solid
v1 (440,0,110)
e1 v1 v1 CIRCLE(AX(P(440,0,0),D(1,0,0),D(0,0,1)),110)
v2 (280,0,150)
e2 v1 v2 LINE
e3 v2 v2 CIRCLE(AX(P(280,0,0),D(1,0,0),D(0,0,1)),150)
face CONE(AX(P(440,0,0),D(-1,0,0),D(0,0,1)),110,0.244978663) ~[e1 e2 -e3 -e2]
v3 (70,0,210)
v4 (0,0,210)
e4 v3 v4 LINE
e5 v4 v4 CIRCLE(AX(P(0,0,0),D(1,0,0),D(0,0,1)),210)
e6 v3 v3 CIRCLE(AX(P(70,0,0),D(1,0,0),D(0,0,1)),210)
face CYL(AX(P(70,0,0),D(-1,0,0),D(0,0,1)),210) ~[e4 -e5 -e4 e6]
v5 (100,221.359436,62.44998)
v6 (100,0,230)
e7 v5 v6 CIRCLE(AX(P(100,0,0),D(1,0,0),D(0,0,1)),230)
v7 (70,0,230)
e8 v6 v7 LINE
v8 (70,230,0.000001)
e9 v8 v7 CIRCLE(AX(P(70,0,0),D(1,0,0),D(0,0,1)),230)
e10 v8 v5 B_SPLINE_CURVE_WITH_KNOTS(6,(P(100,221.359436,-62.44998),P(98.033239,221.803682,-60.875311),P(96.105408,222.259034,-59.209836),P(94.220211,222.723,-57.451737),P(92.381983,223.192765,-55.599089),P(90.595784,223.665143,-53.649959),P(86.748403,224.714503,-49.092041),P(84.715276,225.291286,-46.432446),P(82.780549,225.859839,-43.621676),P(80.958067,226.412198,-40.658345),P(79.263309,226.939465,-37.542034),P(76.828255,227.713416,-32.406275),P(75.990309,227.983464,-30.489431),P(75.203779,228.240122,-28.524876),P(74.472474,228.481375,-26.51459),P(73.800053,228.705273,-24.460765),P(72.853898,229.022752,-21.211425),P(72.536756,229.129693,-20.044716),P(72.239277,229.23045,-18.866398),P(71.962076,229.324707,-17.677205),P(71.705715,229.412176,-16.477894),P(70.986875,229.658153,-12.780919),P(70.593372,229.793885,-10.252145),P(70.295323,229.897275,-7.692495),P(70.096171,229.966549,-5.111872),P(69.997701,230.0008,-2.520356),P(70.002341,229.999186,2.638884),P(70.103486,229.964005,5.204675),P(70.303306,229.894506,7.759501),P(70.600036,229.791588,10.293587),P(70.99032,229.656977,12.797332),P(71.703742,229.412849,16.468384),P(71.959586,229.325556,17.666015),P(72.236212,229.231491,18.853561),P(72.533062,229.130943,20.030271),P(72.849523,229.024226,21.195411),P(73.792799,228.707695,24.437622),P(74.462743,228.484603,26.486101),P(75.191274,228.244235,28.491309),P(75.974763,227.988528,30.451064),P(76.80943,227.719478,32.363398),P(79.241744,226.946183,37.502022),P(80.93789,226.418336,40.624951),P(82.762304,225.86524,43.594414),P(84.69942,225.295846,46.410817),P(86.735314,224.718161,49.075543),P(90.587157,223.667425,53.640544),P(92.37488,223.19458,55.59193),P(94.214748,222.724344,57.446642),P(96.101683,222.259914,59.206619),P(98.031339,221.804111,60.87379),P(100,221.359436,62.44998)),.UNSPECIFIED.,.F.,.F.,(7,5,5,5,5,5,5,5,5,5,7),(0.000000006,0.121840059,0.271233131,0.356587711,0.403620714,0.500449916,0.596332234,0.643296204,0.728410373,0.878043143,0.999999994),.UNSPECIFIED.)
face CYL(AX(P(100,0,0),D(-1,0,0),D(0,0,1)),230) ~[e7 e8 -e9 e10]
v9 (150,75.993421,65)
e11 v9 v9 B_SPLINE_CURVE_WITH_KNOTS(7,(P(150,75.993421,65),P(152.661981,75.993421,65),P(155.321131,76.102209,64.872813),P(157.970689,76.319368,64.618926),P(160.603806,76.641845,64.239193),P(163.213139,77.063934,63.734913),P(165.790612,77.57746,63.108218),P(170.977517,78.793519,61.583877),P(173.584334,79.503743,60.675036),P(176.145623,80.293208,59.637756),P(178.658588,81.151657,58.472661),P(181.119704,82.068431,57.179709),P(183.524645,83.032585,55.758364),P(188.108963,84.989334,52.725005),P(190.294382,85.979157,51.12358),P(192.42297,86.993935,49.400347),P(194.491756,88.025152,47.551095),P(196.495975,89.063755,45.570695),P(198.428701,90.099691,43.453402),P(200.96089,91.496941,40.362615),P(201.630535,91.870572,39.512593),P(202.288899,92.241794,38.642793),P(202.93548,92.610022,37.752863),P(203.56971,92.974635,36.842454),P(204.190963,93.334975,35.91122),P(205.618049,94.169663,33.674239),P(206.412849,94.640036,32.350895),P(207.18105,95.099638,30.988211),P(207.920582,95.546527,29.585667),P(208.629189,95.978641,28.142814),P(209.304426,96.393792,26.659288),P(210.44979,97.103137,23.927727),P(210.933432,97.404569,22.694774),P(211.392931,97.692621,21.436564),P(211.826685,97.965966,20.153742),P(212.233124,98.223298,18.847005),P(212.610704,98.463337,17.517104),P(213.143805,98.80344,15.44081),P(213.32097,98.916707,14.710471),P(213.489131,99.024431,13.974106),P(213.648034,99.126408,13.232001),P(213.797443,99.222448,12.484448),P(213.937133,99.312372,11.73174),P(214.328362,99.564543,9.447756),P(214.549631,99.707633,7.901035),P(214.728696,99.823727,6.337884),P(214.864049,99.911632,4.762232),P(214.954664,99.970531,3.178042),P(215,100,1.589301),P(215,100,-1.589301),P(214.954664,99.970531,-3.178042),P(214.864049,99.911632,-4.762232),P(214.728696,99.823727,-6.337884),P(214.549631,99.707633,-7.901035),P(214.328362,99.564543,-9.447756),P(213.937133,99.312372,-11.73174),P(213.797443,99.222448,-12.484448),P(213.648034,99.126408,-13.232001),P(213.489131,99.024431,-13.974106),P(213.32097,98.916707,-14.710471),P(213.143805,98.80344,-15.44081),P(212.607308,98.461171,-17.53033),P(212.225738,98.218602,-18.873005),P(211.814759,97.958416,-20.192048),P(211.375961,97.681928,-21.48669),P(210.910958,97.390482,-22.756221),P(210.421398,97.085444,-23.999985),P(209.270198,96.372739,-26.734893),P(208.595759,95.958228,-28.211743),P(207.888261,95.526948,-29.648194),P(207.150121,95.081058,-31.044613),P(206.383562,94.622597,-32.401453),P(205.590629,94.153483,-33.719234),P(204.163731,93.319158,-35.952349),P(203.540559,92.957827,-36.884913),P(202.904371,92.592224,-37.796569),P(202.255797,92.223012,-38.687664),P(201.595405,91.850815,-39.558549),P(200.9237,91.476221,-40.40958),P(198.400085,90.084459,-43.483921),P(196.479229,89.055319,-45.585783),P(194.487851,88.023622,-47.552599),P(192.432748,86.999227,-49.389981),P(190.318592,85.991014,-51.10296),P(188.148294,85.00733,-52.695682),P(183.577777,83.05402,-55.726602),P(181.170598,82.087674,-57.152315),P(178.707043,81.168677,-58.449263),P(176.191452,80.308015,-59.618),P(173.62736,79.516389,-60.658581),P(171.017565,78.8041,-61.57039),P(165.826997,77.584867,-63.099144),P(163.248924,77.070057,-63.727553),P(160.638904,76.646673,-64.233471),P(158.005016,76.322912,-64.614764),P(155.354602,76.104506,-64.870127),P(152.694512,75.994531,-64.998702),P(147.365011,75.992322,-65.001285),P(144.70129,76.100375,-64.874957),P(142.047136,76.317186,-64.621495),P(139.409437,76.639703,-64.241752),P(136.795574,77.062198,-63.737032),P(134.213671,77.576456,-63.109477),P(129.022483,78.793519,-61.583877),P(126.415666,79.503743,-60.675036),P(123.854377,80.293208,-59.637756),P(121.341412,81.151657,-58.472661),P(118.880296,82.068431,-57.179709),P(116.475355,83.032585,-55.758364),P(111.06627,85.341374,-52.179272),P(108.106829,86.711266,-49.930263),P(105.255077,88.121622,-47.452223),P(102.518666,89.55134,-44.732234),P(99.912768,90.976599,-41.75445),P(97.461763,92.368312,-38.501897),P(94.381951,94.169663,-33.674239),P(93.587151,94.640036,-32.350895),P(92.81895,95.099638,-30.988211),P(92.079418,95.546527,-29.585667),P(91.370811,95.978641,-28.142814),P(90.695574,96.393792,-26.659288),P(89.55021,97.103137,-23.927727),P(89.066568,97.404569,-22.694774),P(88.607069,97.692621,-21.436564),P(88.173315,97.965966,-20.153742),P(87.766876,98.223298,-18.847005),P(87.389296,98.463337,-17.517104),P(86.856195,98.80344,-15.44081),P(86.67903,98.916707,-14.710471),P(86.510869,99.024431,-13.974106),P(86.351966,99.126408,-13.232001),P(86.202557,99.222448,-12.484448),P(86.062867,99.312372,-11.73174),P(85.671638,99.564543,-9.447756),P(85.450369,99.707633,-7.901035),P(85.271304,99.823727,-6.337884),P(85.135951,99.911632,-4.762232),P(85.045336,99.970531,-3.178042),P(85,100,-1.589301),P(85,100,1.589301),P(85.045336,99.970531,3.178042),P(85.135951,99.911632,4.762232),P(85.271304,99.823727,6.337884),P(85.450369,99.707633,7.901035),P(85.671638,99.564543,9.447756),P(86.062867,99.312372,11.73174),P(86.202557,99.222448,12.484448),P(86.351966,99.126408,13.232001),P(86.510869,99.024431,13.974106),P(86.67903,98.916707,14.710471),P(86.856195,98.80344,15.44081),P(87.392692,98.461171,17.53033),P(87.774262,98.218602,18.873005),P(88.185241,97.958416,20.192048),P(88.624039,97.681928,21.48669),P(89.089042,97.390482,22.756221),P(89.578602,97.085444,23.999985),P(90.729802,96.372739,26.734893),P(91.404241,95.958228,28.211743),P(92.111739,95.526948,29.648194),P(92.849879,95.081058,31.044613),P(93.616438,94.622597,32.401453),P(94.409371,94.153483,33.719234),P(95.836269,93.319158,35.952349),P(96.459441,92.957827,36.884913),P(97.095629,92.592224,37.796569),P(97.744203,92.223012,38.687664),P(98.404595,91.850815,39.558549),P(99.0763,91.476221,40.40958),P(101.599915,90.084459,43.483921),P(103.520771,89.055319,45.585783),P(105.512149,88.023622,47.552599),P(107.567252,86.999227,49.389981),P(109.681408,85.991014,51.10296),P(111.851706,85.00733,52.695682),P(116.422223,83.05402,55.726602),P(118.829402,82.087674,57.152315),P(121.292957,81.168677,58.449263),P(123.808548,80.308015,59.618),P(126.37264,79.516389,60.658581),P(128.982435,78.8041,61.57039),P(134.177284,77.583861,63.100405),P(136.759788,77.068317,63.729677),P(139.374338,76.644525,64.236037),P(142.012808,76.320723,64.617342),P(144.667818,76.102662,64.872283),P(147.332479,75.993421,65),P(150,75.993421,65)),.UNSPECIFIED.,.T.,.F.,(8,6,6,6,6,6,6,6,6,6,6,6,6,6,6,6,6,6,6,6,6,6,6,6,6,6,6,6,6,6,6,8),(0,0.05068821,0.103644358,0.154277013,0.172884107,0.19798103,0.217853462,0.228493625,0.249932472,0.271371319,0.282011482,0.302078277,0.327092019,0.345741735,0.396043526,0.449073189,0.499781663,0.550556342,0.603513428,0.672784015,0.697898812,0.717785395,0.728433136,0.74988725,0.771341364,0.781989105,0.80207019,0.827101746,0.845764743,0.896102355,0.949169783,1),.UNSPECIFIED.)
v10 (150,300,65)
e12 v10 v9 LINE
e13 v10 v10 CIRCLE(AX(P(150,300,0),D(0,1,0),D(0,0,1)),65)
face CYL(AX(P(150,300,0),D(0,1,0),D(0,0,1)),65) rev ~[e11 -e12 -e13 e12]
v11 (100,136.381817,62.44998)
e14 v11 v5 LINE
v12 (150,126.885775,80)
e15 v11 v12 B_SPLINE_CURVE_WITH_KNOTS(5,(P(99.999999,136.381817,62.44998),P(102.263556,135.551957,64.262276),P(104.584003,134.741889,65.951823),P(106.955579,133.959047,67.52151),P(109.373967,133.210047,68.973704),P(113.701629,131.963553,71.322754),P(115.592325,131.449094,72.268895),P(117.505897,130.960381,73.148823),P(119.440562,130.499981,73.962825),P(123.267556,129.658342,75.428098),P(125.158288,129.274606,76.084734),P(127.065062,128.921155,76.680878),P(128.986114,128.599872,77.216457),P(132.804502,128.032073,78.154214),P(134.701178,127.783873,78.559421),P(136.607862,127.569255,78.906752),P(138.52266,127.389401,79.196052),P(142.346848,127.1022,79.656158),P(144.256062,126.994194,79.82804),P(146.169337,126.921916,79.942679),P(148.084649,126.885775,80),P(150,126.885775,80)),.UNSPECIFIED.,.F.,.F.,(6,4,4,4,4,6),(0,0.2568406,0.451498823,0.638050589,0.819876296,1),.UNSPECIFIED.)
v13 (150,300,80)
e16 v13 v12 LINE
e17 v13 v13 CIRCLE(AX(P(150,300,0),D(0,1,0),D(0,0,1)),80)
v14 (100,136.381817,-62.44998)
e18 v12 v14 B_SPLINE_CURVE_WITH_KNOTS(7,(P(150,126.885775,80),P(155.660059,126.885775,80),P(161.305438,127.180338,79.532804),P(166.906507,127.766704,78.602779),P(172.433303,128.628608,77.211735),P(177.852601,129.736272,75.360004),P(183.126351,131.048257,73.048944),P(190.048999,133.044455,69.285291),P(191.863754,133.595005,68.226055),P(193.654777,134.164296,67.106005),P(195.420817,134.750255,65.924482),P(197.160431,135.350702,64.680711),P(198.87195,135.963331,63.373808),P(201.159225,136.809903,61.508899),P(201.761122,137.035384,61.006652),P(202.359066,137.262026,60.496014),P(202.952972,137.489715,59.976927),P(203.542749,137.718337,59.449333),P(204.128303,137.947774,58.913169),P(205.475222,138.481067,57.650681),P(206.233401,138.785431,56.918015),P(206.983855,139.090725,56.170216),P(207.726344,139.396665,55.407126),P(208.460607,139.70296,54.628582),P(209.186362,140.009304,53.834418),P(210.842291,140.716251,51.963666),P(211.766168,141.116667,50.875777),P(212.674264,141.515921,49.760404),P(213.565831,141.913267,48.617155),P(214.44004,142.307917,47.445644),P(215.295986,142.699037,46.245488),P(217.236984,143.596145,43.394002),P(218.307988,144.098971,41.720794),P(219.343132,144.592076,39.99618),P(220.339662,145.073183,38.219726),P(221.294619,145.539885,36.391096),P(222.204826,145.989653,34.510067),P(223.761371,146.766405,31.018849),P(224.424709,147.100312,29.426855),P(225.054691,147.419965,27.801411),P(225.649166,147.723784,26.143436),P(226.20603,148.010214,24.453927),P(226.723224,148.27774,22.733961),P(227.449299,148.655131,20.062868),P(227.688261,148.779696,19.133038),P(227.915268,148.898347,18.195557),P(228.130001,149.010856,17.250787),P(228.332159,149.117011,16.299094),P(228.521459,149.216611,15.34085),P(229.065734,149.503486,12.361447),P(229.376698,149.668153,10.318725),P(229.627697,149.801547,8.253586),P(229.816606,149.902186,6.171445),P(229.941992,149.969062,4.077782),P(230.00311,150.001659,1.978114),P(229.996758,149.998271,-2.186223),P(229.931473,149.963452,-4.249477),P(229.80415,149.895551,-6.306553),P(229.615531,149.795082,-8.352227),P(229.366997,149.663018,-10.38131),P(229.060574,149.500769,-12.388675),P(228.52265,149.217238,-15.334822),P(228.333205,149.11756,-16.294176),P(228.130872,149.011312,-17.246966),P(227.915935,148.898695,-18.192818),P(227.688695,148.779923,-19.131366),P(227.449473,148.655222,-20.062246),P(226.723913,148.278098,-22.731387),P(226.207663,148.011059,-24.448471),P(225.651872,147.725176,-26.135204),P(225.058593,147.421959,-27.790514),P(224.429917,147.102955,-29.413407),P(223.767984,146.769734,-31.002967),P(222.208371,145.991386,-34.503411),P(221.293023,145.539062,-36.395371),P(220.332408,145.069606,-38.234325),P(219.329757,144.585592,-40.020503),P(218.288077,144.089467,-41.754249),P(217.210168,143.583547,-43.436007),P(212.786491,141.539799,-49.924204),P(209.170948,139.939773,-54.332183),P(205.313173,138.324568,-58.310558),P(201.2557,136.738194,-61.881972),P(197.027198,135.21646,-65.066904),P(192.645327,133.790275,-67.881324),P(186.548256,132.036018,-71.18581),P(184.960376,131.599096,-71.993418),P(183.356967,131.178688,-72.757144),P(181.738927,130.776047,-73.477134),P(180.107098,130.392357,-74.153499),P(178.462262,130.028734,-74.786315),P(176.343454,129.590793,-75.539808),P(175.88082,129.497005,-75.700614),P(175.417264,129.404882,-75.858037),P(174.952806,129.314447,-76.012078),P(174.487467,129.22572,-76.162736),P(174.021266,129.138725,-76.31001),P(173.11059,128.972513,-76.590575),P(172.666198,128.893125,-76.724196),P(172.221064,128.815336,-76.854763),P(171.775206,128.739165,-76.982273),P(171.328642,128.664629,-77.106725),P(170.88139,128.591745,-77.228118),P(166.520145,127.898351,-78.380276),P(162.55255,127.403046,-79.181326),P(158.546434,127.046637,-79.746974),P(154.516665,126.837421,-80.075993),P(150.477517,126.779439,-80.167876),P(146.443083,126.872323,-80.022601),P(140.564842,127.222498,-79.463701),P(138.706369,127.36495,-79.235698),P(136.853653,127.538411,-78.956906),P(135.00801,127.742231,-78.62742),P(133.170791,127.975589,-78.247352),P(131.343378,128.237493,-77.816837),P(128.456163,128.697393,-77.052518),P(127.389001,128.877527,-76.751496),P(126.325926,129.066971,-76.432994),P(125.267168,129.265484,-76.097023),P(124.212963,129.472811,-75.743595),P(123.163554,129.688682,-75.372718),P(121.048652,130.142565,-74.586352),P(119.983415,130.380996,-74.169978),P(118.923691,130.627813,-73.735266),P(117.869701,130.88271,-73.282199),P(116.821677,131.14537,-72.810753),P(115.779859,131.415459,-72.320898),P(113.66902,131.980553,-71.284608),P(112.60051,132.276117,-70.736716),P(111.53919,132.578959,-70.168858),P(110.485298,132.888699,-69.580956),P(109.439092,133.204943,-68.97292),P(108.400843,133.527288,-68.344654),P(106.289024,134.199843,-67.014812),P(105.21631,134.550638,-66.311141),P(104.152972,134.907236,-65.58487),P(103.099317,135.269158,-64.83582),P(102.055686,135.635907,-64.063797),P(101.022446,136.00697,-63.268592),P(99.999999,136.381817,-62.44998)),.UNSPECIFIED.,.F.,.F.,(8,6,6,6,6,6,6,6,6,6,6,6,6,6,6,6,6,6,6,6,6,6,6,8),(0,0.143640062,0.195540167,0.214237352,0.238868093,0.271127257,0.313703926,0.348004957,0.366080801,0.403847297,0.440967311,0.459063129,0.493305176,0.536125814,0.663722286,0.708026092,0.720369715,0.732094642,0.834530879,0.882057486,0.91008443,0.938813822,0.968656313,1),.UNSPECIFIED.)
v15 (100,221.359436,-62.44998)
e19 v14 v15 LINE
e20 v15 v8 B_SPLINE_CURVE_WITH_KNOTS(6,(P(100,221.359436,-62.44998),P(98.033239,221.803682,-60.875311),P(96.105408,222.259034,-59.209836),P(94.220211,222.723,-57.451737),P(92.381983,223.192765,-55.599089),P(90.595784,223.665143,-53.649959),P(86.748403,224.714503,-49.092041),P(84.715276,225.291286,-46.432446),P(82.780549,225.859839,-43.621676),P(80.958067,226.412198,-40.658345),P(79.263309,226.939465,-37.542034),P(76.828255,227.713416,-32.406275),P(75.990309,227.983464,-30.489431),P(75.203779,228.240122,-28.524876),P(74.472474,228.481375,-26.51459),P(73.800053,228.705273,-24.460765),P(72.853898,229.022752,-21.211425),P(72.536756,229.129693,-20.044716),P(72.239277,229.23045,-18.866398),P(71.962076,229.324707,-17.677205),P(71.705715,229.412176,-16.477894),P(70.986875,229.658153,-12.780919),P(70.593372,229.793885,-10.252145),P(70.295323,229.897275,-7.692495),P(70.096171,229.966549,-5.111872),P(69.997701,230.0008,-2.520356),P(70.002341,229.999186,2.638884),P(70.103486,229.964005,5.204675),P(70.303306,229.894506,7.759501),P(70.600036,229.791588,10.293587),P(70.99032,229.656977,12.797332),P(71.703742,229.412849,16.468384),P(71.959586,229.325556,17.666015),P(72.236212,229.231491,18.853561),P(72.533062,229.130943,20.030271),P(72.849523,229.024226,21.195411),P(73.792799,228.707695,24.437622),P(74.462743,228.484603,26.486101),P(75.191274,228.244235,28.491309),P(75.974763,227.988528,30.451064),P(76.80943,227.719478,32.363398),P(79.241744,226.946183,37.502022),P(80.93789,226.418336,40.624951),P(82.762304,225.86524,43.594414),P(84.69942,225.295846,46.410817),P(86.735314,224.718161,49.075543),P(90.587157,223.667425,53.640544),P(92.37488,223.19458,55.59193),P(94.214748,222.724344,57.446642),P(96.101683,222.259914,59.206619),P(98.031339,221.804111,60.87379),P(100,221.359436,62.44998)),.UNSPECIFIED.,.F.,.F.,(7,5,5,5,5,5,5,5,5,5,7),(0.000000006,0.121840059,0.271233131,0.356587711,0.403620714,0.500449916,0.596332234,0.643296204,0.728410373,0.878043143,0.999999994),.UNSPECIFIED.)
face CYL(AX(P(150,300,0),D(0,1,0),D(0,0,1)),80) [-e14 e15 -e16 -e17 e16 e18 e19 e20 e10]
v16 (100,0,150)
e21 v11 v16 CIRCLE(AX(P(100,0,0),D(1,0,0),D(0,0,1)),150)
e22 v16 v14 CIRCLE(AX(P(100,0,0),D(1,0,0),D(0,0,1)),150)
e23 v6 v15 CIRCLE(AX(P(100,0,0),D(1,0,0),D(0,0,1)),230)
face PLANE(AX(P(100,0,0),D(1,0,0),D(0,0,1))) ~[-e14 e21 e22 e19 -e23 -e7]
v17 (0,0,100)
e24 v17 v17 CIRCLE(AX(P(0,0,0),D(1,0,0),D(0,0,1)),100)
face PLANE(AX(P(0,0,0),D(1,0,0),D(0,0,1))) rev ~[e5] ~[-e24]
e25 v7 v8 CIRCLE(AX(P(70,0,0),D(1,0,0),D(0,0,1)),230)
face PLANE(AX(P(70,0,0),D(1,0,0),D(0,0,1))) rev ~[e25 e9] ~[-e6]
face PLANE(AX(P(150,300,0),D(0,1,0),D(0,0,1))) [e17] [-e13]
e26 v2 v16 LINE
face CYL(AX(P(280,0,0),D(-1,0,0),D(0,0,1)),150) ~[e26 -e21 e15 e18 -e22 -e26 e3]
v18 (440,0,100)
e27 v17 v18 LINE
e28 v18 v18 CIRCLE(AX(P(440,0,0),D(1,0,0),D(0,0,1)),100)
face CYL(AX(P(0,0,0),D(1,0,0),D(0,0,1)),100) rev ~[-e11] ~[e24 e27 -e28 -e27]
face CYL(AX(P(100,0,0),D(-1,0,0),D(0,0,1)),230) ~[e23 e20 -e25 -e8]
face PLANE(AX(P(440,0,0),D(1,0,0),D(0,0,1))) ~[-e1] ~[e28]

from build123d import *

# Parameters (mm, degrees)
BOSS_EXTRU_1_REACH      = 728.223
ESQUISSE3_R             = 80
ESQUISSE4_R             = 65
ENL_V_MAT_EXTRU_1_DEPTH = 280


with BuildPart() as part:
    # Esquisse1 → Révolution1 (revolve)
    with BuildSketch(Plane.XY, mode=Mode.PRIVATE) as r_volution1_sk:
        Polygon((0, 100), (440, 100), (440, 110), (280, 150), (100, 150), (100, 230), (70, 230), (70, 210), (0, 210), align=None)
    revolve(r_volution1_sk.sketch.rotate(Axis((0, 0, 0), (1, 0, 0)), 90), axis=Axis((0, 0, 0), (1, 0, 0)))

    # Esquisse3 → Boss.-Extru.1 (add, up to next)
    with BuildSketch(Plane(origin=(0, 300, 0), x_dir=(1, 0, 0), z_dir=(0, 1, 0)), mode=Mode.PRIVATE) as boss_extru_1_sk1:
        with Locations(Location((150, 0, 0), (0, 0, 270))):
            Circle(ESQUISSE3_R)
    boss_extru_1_tool1 = extrude(boss_extru_1_sk1.sketch, amount=-BOSS_EXTRU_1_REACH, mode=Mode.PRIVATE) - part.part
    add(boss_extru_1_tool1.solids().sort_by_distance((150, 300, 0))[0])

    # Esquisse4 → Enlèv. mat.-Extru.1 (cut)
    with BuildSketch(Plane(origin=(0, 300, 0), x_dir=(1, 0, 0), z_dir=(0, 1, 0))):
        with Locations(Location((150, 0, 0), (0, 0, 270))):
            Circle(ESQUISSE4_R)
    extrude(amount=-ENL_V_MAT_EXTRU_1_DEPTH, mode=Mode.SUBTRACT)


solid = part.part
